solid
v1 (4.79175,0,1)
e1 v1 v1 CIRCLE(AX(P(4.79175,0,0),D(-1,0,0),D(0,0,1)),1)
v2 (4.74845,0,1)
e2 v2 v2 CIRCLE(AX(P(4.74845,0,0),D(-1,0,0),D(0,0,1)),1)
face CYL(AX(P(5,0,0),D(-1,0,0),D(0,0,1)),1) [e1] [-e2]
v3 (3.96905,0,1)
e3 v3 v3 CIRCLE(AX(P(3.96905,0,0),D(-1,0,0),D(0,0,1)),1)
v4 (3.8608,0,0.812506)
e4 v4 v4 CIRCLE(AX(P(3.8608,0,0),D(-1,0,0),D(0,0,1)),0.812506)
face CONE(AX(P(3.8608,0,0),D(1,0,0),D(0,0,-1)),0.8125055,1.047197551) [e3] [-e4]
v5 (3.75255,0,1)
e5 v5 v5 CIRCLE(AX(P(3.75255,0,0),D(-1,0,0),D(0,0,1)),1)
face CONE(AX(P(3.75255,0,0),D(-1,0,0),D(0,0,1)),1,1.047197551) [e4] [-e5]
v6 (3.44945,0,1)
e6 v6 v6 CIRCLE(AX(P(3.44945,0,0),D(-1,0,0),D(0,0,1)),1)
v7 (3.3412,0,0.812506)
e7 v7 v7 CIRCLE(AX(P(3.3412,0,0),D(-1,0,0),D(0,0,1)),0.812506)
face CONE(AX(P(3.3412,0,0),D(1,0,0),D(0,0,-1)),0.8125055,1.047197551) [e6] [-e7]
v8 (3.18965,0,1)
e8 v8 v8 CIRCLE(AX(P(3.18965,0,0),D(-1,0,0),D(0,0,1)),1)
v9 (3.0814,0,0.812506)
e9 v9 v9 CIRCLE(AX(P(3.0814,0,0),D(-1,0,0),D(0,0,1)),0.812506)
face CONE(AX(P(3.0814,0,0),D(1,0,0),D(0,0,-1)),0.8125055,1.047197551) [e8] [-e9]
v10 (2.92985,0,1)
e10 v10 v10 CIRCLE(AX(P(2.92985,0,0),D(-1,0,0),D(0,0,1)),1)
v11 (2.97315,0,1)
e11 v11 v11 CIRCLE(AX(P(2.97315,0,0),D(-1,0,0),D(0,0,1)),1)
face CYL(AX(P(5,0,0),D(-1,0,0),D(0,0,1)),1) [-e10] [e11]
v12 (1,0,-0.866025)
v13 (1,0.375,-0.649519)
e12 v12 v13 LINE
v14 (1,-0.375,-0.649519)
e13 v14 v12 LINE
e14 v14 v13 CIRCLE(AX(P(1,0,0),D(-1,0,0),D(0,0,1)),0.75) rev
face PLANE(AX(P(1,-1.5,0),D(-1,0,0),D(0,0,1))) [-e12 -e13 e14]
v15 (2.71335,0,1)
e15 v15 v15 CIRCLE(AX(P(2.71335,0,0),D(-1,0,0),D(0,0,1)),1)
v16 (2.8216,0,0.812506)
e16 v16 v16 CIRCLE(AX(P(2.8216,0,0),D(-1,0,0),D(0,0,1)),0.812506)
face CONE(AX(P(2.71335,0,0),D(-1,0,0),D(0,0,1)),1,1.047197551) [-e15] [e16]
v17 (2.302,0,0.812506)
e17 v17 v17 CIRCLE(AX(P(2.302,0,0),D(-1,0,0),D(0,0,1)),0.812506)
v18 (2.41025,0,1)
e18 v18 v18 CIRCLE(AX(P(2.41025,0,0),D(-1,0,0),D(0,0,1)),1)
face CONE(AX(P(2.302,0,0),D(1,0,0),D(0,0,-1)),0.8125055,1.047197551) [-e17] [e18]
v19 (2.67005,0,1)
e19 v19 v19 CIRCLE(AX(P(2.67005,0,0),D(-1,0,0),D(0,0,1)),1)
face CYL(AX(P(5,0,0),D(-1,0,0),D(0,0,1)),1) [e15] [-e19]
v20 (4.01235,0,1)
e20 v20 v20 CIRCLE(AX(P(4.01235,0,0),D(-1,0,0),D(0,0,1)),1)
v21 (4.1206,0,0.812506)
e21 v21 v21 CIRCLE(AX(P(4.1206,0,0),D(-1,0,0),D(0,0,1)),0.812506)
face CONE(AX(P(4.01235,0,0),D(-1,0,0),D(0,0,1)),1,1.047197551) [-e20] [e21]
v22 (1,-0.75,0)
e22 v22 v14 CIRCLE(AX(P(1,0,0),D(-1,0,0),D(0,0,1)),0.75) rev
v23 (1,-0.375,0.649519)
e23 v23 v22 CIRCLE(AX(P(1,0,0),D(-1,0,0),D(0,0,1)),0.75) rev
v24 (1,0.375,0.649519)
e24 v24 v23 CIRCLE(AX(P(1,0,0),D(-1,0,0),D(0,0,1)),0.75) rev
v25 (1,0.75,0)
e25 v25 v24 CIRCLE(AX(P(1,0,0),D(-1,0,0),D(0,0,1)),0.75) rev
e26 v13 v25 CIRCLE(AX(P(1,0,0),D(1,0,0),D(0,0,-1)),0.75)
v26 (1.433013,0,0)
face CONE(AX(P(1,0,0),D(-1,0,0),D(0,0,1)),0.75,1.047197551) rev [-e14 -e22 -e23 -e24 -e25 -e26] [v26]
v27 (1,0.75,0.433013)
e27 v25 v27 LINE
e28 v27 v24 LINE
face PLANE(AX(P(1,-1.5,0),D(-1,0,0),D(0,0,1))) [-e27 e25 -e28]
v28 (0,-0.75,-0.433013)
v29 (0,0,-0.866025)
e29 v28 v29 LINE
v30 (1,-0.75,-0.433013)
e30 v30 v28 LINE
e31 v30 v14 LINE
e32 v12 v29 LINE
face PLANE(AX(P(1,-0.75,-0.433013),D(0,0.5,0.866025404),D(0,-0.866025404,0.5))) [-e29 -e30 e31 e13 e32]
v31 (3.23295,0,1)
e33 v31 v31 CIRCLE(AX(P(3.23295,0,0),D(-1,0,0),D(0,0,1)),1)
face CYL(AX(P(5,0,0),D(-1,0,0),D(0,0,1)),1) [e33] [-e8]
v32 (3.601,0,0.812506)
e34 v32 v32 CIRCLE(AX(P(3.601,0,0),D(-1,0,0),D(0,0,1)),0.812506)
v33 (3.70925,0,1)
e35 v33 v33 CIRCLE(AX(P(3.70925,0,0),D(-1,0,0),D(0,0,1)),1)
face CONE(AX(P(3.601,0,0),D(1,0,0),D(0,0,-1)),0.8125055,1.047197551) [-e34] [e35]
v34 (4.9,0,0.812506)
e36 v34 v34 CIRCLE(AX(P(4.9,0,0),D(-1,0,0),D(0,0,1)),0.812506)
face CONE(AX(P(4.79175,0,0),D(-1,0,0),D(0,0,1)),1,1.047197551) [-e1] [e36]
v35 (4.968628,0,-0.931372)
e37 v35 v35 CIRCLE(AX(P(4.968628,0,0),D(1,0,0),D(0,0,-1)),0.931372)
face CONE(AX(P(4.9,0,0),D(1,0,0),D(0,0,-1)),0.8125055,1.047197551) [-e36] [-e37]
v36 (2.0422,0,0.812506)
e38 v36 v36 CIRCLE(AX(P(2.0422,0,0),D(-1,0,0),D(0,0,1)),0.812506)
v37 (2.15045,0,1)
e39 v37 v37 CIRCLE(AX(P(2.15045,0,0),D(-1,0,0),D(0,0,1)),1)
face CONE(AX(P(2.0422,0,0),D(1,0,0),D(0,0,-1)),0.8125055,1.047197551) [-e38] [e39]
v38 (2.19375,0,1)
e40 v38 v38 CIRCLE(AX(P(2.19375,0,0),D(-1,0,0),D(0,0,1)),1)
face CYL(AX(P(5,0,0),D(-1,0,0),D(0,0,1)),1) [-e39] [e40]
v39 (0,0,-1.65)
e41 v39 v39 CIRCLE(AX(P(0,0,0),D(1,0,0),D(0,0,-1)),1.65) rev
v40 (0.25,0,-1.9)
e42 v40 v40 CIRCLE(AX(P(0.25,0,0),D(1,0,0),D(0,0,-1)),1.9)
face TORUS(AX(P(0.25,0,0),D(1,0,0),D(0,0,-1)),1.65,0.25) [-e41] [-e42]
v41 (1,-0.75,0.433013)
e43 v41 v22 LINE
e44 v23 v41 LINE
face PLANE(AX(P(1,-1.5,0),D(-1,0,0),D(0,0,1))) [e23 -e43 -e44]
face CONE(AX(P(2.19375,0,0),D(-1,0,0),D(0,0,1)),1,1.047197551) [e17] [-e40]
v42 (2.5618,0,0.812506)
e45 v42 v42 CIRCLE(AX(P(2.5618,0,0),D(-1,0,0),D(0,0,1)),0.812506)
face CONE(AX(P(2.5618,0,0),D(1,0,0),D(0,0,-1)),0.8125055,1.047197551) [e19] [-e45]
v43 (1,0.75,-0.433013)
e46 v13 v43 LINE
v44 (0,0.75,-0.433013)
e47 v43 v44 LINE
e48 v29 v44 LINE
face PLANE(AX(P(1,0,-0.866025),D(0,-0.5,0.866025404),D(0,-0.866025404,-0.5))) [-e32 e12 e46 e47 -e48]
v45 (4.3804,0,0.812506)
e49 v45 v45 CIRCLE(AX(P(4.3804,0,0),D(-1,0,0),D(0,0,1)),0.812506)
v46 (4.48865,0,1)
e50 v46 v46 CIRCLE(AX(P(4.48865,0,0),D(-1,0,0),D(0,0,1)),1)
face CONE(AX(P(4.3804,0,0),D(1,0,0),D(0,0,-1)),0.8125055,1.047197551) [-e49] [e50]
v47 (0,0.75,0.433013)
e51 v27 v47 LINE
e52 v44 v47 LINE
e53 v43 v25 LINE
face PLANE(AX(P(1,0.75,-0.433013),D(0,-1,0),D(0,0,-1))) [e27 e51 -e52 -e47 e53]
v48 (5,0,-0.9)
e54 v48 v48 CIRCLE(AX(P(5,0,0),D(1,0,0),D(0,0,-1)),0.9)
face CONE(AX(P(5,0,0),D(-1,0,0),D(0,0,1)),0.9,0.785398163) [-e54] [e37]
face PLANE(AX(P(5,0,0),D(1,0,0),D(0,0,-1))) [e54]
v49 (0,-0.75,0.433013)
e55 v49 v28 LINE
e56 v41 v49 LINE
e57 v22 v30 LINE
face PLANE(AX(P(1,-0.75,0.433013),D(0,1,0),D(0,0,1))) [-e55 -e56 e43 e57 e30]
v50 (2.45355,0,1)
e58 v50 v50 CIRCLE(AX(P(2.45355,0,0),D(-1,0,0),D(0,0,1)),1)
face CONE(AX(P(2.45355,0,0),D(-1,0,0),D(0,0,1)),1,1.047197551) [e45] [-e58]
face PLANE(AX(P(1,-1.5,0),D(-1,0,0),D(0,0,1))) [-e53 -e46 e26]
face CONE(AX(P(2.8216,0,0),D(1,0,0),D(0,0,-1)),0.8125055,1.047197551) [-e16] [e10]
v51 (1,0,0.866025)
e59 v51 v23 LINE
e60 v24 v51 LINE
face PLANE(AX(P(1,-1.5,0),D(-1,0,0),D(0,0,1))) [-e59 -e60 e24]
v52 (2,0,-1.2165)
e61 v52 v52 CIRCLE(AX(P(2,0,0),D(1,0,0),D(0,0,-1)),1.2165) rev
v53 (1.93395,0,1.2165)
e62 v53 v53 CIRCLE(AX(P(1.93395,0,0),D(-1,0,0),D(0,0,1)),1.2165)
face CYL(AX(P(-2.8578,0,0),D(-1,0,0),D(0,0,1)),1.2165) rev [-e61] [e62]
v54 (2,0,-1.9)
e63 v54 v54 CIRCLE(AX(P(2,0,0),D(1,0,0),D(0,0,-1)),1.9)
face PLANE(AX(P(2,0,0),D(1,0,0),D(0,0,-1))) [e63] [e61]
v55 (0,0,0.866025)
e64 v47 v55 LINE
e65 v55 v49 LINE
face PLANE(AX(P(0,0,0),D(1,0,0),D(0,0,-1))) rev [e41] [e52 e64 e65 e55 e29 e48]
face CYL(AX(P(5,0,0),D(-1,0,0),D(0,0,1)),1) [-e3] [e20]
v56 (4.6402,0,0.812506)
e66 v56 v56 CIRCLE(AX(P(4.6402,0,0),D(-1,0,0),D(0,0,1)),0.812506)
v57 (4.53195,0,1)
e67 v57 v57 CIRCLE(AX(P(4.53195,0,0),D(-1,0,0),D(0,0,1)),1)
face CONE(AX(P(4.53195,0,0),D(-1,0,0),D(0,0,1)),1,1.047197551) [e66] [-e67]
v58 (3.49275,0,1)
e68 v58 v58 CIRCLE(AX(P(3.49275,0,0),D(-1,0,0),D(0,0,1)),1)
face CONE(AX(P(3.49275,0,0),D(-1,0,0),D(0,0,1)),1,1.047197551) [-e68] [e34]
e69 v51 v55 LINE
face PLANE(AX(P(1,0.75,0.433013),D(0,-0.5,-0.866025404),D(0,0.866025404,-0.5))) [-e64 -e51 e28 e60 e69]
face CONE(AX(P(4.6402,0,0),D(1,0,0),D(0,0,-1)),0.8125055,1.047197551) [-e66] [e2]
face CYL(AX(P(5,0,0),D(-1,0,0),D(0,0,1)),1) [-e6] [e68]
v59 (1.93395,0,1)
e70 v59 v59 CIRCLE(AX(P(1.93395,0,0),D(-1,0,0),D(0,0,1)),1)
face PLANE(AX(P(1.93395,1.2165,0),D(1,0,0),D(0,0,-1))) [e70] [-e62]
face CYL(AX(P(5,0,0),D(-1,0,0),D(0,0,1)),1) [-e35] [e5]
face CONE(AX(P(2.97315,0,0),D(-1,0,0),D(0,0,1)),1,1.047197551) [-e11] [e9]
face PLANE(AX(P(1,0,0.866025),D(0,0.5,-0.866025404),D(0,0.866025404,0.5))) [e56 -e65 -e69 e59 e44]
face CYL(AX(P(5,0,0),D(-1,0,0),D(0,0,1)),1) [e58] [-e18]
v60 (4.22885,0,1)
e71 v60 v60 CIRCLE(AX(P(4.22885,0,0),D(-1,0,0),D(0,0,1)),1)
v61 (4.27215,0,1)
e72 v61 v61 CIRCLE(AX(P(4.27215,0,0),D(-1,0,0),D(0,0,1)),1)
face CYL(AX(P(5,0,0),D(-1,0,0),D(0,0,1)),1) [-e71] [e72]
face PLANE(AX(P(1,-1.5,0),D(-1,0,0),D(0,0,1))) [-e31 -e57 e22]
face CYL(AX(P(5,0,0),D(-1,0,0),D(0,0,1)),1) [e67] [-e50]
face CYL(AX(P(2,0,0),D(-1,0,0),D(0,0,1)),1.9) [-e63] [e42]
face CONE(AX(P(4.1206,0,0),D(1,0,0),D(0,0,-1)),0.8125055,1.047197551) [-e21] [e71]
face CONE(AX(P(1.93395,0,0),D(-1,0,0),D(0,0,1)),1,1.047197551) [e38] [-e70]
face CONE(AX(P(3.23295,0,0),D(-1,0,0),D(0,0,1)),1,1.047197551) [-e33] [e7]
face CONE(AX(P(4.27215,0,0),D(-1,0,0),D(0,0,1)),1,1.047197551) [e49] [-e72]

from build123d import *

# Parameters (mm, degrees)
SKETCH1_R           = 1.9
BASEHEAD_DEPTH      = 2
SKETCH2_R           = 1
BASEBODY_DEPTH      = 3
HEXAGONSOCKET_DEPTH = 1
TOPFILLET_R         = 0.25
CHAMFER1_SIZE       = 0.1
LPATTERN10_COUNT    = 12
LPATTERN10_PITCH    = 0.2598


with BuildPart() as part:
    # Sketch1 → BaseHead (new body)
    with BuildSketch(Plane(origin=(0, 0, 0), x_dir=(0, 0, -1), z_dir=(1, 0, 0))):
        Circle(SKETCH1_R)
    extrude(amount=BASEHEAD_DEPTH)

    # Sketch2 → BaseBody (add)
    with BuildSketch(Plane(origin=(2, 0, 0), x_dir=(0, 0, -1), z_dir=(1, 0, 0))):
        Circle(SKETCH2_R)
    extrude(amount=BASEBODY_DEPTH)

    # Sketch3 → HexagonSocket (cut)
    with BuildSketch(Plane(origin=(0, 0, 0), x_dir=(0, 0, -1), z_dir=(1, 0, 0))):
        Polygon((0.866025404, 0), (0.433012702, 0.75), (-0.433012702, 0.75), (-0.866025404, 0), (-0.433012702, -0.75), (0.433012702, -0.75), align=None)
    extrude(amount=HEXAGONSOCKET_DEPTH, mode=Mode.SUBTRACT)

    # Sketch4 → Cut-Revolve1 (revolve, cut)
    with BuildSketch(Plane(origin=(-4.19613823, 0.75, 0), x_dir=(-1, 0, 0), z_dir=(0, 0, 1))):
        Polygon((-5.19613823, 1.5), (-5.629150931, 0.75), (-5.19613823, 0.75), align=None)
    revolve(axis=Axis((0.838992387, 0, 0), (-1, 0, 0)), mode=Mode.SUBTRACT)

    # TopFillet
    topfillet_edges = [part.edges().sort_by_distance(p)[0] for p in [
        (0, 0, 1.9),
    ]]
    fillet(topfillet_edges, radius=TOPFILLET_R)

    # Chamfer1
    chamfer1_edges = [part.edges().sort_by_distance(p)[0] for p in [
        (5, 0, 1),
    ]]
    chamfer(chamfer1_edges, length=CHAMFER1_SIZE)

    # Sketch5 → Cut-Revolve10 (revolve, cut)
    with BuildSketch(Plane.XY):
        Polygon((4.9, 0.8125055), (5.00825, 1), (5.00825, 1.2165), (4.79175, 1.2165), (4.79175, 1), align=None)
    cut_revolve10 = revolve(axis=Axis((0, 0, 0), (1, 0, 0)), mode=Mode.SUBTRACT)

    # LPattern10: Cut-Revolve10 ×12
    with Locations(*[(-i * LPATTERN10_PITCH, 0, 0) for i in range(1, LPATTERN10_COUNT)]):
        add(cut_revolve10, mode=Mode.SUBTRACT)


solid = part.part
